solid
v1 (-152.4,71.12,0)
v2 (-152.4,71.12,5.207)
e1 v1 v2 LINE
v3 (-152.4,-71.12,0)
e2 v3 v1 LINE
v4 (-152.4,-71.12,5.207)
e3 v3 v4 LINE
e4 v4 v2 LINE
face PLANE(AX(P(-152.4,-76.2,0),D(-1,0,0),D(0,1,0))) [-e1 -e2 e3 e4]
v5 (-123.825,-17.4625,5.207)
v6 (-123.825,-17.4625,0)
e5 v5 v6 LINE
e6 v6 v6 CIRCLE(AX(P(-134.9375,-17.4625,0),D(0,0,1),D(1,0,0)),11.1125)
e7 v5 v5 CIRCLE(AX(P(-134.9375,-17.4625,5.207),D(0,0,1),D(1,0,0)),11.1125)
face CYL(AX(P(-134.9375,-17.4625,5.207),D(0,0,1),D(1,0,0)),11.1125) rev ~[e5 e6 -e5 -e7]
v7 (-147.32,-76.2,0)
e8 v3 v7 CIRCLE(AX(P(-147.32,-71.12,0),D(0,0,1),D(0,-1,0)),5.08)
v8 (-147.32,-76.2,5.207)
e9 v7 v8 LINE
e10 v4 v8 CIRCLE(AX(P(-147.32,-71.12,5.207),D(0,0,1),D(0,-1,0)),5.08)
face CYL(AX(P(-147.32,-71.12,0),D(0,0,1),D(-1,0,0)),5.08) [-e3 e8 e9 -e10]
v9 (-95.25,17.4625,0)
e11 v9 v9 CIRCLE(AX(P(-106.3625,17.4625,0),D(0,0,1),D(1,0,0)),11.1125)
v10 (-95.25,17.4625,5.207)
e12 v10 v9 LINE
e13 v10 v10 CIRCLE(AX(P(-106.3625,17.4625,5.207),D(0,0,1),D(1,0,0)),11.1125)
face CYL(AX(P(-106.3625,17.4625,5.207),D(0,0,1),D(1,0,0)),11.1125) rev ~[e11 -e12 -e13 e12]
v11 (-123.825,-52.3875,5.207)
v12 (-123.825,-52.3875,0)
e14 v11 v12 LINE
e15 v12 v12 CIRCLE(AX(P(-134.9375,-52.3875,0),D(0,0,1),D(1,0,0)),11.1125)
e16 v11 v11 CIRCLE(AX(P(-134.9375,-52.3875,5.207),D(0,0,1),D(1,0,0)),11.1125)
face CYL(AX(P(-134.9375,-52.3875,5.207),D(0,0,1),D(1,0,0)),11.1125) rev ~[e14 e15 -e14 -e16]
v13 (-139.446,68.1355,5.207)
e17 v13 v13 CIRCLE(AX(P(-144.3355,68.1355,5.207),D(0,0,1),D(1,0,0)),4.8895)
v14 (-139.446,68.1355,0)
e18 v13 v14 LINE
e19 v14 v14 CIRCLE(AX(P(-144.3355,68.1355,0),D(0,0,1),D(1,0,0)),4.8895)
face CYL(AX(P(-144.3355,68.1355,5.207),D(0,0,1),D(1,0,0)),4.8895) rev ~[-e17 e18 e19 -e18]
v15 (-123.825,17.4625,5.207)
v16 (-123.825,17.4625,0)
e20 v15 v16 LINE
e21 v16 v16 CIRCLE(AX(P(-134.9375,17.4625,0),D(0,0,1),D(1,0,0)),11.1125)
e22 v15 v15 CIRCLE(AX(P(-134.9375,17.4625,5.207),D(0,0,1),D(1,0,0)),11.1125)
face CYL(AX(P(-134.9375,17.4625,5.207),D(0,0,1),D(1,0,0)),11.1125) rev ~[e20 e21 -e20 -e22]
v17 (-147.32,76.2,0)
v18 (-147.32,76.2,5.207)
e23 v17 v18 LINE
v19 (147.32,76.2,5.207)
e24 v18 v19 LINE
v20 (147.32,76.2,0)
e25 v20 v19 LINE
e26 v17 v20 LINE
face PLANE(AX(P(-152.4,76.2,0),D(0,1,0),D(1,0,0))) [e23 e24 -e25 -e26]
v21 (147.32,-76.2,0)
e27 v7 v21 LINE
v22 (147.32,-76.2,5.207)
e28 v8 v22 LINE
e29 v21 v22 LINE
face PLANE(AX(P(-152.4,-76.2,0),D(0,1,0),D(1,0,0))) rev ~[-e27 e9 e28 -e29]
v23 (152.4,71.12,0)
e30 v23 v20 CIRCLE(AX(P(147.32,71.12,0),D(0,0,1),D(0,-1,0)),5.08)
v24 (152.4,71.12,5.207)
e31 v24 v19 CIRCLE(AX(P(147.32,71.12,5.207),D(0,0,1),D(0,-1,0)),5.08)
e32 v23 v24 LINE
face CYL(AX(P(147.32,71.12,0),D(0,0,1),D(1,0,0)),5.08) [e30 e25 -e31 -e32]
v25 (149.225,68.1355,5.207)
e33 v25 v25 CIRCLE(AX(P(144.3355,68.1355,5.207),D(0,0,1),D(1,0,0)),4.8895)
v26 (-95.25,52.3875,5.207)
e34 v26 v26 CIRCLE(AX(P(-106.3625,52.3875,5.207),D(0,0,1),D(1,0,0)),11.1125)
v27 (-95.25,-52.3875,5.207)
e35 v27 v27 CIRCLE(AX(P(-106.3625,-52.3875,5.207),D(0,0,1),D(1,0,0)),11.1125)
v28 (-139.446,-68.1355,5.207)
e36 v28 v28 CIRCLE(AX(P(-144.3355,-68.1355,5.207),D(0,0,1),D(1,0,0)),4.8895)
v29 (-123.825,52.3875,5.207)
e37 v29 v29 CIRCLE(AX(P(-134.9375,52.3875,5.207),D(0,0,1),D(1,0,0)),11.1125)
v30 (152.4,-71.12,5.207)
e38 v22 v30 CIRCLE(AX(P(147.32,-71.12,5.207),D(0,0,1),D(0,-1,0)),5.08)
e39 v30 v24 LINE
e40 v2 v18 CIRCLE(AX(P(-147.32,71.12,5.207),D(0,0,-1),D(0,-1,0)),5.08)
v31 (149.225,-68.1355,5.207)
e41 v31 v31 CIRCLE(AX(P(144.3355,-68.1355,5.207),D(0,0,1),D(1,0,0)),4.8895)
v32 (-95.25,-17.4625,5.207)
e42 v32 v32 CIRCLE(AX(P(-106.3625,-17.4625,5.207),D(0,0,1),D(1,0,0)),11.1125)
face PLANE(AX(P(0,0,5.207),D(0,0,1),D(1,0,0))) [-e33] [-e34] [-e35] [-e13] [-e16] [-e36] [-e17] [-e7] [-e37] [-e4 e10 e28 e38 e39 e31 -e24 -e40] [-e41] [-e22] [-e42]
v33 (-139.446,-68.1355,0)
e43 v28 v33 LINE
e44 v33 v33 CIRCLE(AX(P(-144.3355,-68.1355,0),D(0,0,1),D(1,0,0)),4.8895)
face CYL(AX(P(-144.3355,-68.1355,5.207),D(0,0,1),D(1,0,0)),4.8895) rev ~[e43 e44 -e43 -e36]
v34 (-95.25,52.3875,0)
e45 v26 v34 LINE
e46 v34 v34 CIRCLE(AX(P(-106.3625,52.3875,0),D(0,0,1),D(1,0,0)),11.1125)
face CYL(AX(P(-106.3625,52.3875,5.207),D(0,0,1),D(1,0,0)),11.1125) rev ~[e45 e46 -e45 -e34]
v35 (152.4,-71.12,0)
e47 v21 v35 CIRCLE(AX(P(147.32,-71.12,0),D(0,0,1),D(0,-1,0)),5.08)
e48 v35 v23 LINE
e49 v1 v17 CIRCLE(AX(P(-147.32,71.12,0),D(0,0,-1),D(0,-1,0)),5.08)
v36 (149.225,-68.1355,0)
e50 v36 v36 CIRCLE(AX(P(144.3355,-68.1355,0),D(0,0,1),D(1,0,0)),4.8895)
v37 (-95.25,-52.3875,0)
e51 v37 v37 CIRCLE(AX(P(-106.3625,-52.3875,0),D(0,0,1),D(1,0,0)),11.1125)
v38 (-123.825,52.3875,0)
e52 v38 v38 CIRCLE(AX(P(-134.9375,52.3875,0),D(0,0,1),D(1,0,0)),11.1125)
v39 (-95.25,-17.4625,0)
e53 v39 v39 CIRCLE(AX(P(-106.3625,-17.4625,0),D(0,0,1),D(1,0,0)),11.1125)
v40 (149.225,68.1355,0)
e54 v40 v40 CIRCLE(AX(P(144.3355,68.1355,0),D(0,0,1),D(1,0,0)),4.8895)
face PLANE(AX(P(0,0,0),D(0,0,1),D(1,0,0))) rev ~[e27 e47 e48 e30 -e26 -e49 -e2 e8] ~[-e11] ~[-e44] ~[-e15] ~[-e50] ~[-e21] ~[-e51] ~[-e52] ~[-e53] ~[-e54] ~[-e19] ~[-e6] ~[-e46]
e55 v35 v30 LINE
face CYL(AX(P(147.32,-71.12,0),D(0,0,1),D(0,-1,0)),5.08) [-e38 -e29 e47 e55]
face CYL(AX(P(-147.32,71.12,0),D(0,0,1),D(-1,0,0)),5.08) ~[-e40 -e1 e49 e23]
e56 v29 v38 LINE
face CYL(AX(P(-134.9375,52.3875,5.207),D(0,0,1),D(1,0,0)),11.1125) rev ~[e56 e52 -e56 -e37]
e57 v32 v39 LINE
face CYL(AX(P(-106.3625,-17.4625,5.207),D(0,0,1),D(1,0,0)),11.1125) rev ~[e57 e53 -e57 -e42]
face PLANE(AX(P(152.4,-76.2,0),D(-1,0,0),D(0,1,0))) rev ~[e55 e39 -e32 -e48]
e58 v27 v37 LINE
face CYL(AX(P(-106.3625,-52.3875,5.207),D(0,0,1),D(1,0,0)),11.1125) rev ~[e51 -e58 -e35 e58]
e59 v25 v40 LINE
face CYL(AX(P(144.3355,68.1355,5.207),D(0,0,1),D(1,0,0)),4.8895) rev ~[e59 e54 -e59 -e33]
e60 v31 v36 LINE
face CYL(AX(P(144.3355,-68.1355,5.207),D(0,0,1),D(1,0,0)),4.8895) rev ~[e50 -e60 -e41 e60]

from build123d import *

# Parameters (mm, degrees)
F0_W     = 304.8
F0_H     = 152.4
F1_DEPTH = 5.207
F2_R     = 5.08
F3_R     = 4.8895
F4_DEPTH = 5.208
F5_R     = 11.1125
F6_DEPTH = 5.208


with BuildPart() as f1:
    # F0 (on Top) → F1 (new body)
    with BuildSketch(Plane.XY):
        Rectangle(F0_W, F0_H)
    extrude(amount=F1_DEPTH)

    # F2
    f2_edges = [f1.edges().sort_by_distance(p)[0] for p in [
        (-152.4, 76.2, 2.6035),
        (-152.4, -76.2, 2.6035),
        (152.4, 76.2, 2.6035),
        (152.4, -76.2, 2.6035),
    ]]
    fillet(f2_edges, radius=F2_R)

    # F3 (on face) → F4 (cut, through all)
    with BuildSketch(Plane.XY.offset(5.207)):
        with Locations((-144.3355, 68.1355)):
            Circle(F3_R)
        with Locations((-144.3355, -68.1355)):
            Circle(F3_R)
        with Locations((144.3355, 68.1355)):
            Circle(F3_R)
        with Locations((144.3355, -68.1355)):
            Circle(F3_R)
    extrude(amount=-F4_DEPTH, mode=Mode.SUBTRACT)

    # F5 (on face) → F6 (cut, through all)
    with BuildSketch(Plane.XY.offset(5.207)):
        with Locations((-106.3625, -52.3875)):
            Circle(F5_R)
        with Locations((-134.9375, -52.3875)):
            Circle(F5_R)
        with Locations((-134.9375, -17.4625)):
            Circle(F5_R)
        with Locations((-106.3625, -17.4625)):
            Circle(F5_R)
        with Locations((-134.9375, 17.4625)):
            Circle(F5_R)
        with Locations((-106.3625, 17.4625)):
            Circle(F5_R)
        with Locations((-134.9375, 52.3875)):
            Circle(F5_R)
        with Locations((-106.3625, 52.3875)):
            Circle(F5_R)
    extrude(amount=-F6_DEPTH, mode=Mode.SUBTRACT)


solid = f1.part
